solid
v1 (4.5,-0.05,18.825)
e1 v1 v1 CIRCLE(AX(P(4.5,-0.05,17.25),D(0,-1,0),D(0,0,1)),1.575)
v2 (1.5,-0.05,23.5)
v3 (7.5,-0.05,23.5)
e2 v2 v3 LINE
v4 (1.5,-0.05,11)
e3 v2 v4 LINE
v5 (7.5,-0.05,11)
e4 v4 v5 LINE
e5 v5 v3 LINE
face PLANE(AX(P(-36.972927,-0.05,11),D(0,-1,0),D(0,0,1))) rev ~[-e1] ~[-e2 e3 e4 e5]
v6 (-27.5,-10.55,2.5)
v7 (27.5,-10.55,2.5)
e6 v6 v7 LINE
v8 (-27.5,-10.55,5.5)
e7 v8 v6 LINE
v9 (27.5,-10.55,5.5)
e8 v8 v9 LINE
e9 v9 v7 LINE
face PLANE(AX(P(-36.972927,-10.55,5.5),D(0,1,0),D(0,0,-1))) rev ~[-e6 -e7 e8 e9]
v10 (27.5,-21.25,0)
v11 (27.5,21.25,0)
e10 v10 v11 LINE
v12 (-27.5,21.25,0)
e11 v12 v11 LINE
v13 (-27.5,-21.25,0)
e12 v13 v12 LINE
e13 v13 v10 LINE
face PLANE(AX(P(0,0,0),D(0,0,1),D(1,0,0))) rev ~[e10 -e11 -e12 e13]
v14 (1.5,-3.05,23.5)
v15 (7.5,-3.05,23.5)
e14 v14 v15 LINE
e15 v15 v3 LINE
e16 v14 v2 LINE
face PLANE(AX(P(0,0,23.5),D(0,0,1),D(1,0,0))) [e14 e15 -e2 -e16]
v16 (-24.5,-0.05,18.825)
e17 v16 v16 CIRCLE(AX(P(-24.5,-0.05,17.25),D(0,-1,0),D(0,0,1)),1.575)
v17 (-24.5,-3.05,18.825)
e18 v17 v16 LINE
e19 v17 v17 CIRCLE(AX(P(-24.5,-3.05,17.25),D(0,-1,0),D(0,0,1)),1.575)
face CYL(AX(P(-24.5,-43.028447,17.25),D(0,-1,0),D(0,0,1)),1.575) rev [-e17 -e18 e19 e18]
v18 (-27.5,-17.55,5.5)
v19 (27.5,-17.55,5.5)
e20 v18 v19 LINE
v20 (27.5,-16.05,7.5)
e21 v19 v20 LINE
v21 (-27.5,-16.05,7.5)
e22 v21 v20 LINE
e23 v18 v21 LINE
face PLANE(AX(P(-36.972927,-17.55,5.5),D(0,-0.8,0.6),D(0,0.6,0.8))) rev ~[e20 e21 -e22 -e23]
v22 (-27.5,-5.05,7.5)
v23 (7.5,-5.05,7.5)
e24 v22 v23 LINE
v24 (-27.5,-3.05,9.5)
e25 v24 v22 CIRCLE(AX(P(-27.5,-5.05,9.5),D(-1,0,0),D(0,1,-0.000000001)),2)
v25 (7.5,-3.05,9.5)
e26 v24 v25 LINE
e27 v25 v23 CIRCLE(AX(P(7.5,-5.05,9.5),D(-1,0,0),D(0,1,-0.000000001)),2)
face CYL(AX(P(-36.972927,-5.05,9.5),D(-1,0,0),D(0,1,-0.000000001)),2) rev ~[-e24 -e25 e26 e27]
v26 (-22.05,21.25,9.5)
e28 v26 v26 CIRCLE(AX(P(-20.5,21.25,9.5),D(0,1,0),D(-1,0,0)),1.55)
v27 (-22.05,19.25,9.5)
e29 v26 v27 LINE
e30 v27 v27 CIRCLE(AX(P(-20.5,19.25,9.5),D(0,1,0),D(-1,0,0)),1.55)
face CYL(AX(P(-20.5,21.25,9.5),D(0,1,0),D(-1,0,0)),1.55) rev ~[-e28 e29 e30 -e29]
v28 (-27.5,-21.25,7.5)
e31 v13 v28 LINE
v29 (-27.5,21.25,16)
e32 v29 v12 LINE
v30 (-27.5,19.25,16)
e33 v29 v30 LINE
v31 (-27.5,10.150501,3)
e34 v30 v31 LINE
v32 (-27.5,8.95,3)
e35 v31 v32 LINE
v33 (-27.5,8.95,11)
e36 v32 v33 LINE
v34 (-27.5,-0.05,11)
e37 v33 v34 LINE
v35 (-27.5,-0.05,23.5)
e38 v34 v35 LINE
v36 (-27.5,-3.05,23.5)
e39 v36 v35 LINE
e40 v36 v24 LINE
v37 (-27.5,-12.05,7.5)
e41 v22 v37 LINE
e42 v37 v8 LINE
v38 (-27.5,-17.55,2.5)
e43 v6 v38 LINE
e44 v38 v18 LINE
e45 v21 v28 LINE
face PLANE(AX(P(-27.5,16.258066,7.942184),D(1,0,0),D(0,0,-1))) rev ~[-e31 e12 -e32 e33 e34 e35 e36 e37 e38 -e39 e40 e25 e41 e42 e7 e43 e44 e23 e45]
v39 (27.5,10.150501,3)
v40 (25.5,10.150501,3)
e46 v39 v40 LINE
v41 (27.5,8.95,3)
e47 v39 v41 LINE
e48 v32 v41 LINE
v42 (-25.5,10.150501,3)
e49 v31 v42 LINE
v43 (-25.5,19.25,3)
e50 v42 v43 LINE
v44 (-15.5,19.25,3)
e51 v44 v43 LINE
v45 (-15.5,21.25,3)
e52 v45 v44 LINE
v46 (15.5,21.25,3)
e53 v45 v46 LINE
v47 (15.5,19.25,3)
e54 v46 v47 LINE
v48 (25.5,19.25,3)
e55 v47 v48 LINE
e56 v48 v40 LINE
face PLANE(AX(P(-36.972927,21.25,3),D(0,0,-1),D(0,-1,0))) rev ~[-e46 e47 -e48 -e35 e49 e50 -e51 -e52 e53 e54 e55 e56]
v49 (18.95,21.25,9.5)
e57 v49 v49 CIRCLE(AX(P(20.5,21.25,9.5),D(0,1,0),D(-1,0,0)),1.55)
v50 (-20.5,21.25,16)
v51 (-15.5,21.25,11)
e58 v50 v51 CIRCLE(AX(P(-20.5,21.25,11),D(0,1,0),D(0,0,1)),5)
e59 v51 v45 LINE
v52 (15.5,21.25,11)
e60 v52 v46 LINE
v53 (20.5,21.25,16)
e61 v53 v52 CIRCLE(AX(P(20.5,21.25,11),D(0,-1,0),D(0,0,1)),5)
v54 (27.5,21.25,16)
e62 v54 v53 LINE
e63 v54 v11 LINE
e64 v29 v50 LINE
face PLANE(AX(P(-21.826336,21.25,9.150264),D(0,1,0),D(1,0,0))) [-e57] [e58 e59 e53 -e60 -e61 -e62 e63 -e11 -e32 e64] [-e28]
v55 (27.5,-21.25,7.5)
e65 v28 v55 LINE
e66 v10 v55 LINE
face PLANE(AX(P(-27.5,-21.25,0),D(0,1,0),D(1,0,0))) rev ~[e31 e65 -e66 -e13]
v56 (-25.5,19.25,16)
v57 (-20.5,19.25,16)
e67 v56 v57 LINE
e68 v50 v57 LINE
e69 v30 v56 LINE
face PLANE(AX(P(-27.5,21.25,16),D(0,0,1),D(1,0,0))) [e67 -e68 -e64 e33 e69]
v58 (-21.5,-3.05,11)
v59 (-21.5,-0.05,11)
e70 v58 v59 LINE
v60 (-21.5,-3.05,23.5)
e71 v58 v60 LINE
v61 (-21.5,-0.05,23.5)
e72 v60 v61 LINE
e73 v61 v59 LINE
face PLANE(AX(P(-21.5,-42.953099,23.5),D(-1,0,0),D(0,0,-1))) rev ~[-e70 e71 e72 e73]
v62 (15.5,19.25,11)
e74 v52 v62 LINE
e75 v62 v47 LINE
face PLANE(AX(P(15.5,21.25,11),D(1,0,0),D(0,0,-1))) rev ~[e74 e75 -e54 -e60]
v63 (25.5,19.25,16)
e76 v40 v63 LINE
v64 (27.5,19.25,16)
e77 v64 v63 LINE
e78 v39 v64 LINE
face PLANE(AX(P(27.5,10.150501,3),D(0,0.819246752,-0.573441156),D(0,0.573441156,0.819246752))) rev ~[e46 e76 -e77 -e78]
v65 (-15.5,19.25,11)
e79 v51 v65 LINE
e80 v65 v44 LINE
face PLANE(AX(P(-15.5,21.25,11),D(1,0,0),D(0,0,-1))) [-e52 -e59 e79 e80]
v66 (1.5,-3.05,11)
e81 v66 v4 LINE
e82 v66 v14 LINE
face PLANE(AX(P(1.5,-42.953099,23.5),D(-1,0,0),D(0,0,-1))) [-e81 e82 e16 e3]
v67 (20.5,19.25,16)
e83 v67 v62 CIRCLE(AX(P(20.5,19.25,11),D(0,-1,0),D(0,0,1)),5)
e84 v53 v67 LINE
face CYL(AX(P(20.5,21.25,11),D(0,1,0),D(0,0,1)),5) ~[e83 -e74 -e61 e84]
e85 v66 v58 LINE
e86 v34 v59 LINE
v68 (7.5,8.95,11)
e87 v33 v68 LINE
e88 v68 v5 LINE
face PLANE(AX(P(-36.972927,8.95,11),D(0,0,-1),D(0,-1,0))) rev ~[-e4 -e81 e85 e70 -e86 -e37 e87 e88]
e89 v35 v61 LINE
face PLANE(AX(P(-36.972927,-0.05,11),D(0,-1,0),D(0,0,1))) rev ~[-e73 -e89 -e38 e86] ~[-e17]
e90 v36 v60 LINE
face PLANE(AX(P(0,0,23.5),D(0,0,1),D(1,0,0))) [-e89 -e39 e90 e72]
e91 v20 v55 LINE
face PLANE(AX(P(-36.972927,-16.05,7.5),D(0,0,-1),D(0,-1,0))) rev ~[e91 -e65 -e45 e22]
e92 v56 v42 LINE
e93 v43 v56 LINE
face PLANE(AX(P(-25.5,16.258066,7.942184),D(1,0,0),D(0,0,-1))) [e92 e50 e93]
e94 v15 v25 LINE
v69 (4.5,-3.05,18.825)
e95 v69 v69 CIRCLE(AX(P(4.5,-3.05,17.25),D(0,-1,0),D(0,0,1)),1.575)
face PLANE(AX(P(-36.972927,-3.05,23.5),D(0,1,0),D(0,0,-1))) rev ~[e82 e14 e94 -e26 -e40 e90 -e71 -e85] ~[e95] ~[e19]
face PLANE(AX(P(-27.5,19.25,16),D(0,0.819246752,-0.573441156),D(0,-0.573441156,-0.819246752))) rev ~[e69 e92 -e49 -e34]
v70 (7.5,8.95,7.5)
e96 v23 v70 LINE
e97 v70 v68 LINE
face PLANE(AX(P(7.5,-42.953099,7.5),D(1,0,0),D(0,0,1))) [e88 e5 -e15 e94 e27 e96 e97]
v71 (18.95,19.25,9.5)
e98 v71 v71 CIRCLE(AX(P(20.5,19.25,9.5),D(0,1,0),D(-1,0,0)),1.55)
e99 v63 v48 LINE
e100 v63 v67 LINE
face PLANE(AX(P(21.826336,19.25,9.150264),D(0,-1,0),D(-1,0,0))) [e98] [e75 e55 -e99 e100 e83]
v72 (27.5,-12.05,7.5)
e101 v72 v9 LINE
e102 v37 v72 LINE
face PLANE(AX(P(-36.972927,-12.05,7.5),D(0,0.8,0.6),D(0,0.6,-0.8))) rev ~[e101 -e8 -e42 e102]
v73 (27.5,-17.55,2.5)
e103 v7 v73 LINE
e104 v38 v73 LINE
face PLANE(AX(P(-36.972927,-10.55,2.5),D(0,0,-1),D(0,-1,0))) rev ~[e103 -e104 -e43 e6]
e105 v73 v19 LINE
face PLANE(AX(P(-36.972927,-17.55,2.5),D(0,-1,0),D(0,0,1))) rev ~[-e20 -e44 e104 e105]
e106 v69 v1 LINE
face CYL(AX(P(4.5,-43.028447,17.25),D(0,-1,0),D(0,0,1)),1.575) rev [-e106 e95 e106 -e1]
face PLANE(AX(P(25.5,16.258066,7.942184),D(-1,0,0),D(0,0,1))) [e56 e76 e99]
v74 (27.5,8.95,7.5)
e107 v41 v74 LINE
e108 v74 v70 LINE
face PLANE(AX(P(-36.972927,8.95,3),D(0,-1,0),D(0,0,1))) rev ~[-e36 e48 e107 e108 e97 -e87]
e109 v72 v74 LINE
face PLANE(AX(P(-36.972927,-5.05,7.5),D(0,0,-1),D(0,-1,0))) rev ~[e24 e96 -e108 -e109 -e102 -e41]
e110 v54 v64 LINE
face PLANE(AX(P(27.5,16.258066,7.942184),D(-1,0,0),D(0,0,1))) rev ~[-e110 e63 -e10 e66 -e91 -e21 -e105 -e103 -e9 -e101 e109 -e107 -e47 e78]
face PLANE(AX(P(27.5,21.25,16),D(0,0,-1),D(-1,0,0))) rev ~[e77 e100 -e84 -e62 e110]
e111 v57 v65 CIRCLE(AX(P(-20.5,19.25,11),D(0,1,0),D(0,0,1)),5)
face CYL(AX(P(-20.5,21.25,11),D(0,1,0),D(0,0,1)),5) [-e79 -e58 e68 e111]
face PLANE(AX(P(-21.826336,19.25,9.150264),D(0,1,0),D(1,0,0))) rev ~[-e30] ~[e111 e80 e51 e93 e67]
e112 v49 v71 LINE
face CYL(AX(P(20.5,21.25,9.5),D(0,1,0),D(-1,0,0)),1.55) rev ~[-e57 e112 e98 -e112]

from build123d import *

# Parameters (mm, degrees)
SKETCH1_W               = 55
SKETCH1_H               = 42.5
BOSS_EXTRUDE1_DEPTH     = 23.5
CUT_EXTRUDE1_DEPTH      = 64.4729273
CUT_EXTRUDE1_DEPTH_BACK = 64.4729273
CUT_EXTRUDE2_DEPTH      = 42.953098813
CUT_EXTRUDE2_DEPTH_BACK = 42.953098813
CUT_EXTRUDE3_DEPTH      = 42.953098813
CUT_EXTRUDE3_DEPTH_BACK = 42.953098813
SKETCH4_W               = 23
SKETCH4_H               = 12.5
CUT_EXTRUDE4_DEPTH      = 42.978446851
CUT_EXTRUDE4_DEPTH_BACK = 42.978446851
SKETCH5_R               = 1.575
BOSS_EXTRUDE2_DEPTH     = 2
BOSS_EXTRUDE3_DEPTH     = 2
BOSS_EXTRUDE4_DEPTH     = 2
SKETCH11_R              = 1.55
CUT_EXTRUDE5_DEPTH      = 2


with BuildPart() as part:
    # Sketch1 → Boss-Extrude1 (new body)
    with BuildSketch(Plane.XY):
        Rectangle(SKETCH1_W, SKETCH1_H)
    extrude(amount=BOSS_EXTRUDE1_DEPTH)

    # Sketch2 → Cut-Extrude1 (cut, two sides: drawn at the far end of the back side and taken through both)
    with BuildSketch(Plane(origin=(27.5, 0, 0), x_dir=(0, 0, -1), z_dir=(1, 0, 0)).offset(-CUT_EXTRUDE1_DEPTH_BACK)):
        with BuildLine():
            Line((-3, 21.25), (-3, 8.95))
            Line((-3, 8.95), (-11, 8.95))
            Line((-11, 8.95), (-11, -0.05))
            Line((-11, -0.05), (-23.5, -0.05))
            Line((-23.5, -0.05), (-23.5, -3.05))
            Line((-23.5, -3.05), (-9.5, -3.05))
            ThreePointArc((-9.5, -3.05), (-8.085786438, -3.635786438), (-7.5, -5.05))
            Line((-7.5, -5.05), (-7.5, -12.05))
            Line((-7.5, -12.05), (-5.5, -10.55))
            Line((-5.5, -10.55), (-2.5, -10.55))
            Line((-2.5, -10.55), (-2.5, -17.55))
            Line((-2.5, -17.55), (-5.5, -17.55))
            Line((-5.5, -17.55), (-7.5, -16.05))
            Line((-7.5, -16.05), (-7.5, -21.25))
            Line((-7.5, -21.25), (-33.241676539, -21.25))
            Line((-33.241676539, -21.25), (-33.241676539, 21.25))
            Line((-33.241676539, 21.25), (-3, 21.25))
        make_face()
    extrude(amount=CUT_EXTRUDE1_DEPTH + CUT_EXTRUDE1_DEPTH_BACK, mode=Mode.SUBTRACT)

    # Sketch3 → Cut-Extrude2 (cut, two sides: drawn at the far end of the back side and taken through both)
    with BuildSketch(Plane(origin=(0, 0, 0), x_dir=(1, 0, 0), z_dir=(0, 1, 0)).offset(-CUT_EXTRUDE2_DEPTH_BACK)):
        Polygon((7.5, -10.995887084), (7.5, -23.5), (27.5, -23.5), (27.5, -10.993542952), (27.5, -7.5), (7.5, -7.5), align=None)
    extrude(amount=CUT_EXTRUDE2_DEPTH + CUT_EXTRUDE2_DEPTH_BACK, mode=Mode.SUBTRACT)

    # Sketch4 → Cut-Extrude3 (cut, two sides: drawn at the far end of the back side and taken through both)
    with BuildSketch(Plane(origin=(0, 0, 0), x_dir=(1, 0, 0), z_dir=(0, 1, 0)).offset(-CUT_EXTRUDE3_DEPTH_BACK)):
        with Locations((-10, -17.25)):
            Rectangle(SKETCH4_W, SKETCH4_H)
    extrude(amount=CUT_EXTRUDE3_DEPTH + CUT_EXTRUDE3_DEPTH_BACK, mode=Mode.SUBTRACT)

    # Sketch5 → Cut-Extrude4 (cut, two sides: drawn at the far end of the back side and taken through both)
    with BuildSketch(Plane(origin=(0, -0.05, 0), x_dir=(1, 0, 0), z_dir=(0, 1, 0)).offset(-CUT_EXTRUDE4_DEPTH_BACK)):
        with Locations(Location((-24.5, -17.25, 0), (0, 0, 270))):
            Circle(SKETCH5_R)
        with Locations(Location((4.5, -17.25, 0), (0, 0, 270))):
            Circle(SKETCH5_R)
    extrude(amount=CUT_EXTRUDE4_DEPTH + CUT_EXTRUDE4_DEPTH_BACK, mode=Mode.SUBTRACT)

    # Sketch6 → Boss-Extrude2 (add)
    with BuildSketch(Plane(origin=(0, 21.25, 0), x_dir=(1, 0, 0), z_dir=(0, 1, 0))):
        with BuildLine():
            Line((-27.5, -3), (-27.5, -16))
            Line((-27.5, -16), (-20.5, -16))
            ThreePointArc((-20.5, -16), (-16.964466094, -14.535533906), (-15.5, -11))
            Line((-15.5, -11), (-15.5, -3))
            Line((-15.5, -3), (-27.5, -3))
        make_face()
        with BuildLine():
            Line((15.5, -3), (27.5, -3))
            Line((27.5, -3), (27.5, -16))
            Line((27.5, -16), (20.5, -16))
            ThreePointArc((20.5, -16), (16.964466094, -14.535533906), (15.5, -11))
            Line((15.5, -11), (15.5, -3))
        make_face()
    extrude(amount=-BOSS_EXTRUDE2_DEPTH)

    # Sketch7 → Boss-Extrude3 (add)
    with BuildSketch(Plane(origin=(27.5, 0, 0), x_dir=(0, 0, -1), z_dir=(1, 0, 0))):
        Polygon((-3, 19.25), (-3, 10.150500969), (-16, 19.25), align=None)
    extrude(amount=-BOSS_EXTRUDE3_DEPTH)

    # Sketch9 → Boss-Extrude4 (add)
    with BuildSketch(Plane.ZY.offset(27.5)):
        Polygon((16, 19.25), (3, 10.150500969), (3, 19.25), align=None)
    extrude(amount=-BOSS_EXTRUDE4_DEPTH)

    # Sketch11 → Cut-Extrude5 (cut)
    with BuildSketch(Plane(origin=(0, 21.25, 0), x_dir=(1, 0, 0), z_dir=(0, 1, 0))):
        with Locations(Location((-20.5, -9.5, 0), (0, 0, 180))):
            Circle(SKETCH11_R)
        with Locations(Location((20.5, -9.5, 0), (0, 0, 180))):
            Circle(SKETCH11_R)
    extrude(amount=-CUT_EXTRUDE5_DEPTH, mode=Mode.SUBTRACT)


solid = part.part
